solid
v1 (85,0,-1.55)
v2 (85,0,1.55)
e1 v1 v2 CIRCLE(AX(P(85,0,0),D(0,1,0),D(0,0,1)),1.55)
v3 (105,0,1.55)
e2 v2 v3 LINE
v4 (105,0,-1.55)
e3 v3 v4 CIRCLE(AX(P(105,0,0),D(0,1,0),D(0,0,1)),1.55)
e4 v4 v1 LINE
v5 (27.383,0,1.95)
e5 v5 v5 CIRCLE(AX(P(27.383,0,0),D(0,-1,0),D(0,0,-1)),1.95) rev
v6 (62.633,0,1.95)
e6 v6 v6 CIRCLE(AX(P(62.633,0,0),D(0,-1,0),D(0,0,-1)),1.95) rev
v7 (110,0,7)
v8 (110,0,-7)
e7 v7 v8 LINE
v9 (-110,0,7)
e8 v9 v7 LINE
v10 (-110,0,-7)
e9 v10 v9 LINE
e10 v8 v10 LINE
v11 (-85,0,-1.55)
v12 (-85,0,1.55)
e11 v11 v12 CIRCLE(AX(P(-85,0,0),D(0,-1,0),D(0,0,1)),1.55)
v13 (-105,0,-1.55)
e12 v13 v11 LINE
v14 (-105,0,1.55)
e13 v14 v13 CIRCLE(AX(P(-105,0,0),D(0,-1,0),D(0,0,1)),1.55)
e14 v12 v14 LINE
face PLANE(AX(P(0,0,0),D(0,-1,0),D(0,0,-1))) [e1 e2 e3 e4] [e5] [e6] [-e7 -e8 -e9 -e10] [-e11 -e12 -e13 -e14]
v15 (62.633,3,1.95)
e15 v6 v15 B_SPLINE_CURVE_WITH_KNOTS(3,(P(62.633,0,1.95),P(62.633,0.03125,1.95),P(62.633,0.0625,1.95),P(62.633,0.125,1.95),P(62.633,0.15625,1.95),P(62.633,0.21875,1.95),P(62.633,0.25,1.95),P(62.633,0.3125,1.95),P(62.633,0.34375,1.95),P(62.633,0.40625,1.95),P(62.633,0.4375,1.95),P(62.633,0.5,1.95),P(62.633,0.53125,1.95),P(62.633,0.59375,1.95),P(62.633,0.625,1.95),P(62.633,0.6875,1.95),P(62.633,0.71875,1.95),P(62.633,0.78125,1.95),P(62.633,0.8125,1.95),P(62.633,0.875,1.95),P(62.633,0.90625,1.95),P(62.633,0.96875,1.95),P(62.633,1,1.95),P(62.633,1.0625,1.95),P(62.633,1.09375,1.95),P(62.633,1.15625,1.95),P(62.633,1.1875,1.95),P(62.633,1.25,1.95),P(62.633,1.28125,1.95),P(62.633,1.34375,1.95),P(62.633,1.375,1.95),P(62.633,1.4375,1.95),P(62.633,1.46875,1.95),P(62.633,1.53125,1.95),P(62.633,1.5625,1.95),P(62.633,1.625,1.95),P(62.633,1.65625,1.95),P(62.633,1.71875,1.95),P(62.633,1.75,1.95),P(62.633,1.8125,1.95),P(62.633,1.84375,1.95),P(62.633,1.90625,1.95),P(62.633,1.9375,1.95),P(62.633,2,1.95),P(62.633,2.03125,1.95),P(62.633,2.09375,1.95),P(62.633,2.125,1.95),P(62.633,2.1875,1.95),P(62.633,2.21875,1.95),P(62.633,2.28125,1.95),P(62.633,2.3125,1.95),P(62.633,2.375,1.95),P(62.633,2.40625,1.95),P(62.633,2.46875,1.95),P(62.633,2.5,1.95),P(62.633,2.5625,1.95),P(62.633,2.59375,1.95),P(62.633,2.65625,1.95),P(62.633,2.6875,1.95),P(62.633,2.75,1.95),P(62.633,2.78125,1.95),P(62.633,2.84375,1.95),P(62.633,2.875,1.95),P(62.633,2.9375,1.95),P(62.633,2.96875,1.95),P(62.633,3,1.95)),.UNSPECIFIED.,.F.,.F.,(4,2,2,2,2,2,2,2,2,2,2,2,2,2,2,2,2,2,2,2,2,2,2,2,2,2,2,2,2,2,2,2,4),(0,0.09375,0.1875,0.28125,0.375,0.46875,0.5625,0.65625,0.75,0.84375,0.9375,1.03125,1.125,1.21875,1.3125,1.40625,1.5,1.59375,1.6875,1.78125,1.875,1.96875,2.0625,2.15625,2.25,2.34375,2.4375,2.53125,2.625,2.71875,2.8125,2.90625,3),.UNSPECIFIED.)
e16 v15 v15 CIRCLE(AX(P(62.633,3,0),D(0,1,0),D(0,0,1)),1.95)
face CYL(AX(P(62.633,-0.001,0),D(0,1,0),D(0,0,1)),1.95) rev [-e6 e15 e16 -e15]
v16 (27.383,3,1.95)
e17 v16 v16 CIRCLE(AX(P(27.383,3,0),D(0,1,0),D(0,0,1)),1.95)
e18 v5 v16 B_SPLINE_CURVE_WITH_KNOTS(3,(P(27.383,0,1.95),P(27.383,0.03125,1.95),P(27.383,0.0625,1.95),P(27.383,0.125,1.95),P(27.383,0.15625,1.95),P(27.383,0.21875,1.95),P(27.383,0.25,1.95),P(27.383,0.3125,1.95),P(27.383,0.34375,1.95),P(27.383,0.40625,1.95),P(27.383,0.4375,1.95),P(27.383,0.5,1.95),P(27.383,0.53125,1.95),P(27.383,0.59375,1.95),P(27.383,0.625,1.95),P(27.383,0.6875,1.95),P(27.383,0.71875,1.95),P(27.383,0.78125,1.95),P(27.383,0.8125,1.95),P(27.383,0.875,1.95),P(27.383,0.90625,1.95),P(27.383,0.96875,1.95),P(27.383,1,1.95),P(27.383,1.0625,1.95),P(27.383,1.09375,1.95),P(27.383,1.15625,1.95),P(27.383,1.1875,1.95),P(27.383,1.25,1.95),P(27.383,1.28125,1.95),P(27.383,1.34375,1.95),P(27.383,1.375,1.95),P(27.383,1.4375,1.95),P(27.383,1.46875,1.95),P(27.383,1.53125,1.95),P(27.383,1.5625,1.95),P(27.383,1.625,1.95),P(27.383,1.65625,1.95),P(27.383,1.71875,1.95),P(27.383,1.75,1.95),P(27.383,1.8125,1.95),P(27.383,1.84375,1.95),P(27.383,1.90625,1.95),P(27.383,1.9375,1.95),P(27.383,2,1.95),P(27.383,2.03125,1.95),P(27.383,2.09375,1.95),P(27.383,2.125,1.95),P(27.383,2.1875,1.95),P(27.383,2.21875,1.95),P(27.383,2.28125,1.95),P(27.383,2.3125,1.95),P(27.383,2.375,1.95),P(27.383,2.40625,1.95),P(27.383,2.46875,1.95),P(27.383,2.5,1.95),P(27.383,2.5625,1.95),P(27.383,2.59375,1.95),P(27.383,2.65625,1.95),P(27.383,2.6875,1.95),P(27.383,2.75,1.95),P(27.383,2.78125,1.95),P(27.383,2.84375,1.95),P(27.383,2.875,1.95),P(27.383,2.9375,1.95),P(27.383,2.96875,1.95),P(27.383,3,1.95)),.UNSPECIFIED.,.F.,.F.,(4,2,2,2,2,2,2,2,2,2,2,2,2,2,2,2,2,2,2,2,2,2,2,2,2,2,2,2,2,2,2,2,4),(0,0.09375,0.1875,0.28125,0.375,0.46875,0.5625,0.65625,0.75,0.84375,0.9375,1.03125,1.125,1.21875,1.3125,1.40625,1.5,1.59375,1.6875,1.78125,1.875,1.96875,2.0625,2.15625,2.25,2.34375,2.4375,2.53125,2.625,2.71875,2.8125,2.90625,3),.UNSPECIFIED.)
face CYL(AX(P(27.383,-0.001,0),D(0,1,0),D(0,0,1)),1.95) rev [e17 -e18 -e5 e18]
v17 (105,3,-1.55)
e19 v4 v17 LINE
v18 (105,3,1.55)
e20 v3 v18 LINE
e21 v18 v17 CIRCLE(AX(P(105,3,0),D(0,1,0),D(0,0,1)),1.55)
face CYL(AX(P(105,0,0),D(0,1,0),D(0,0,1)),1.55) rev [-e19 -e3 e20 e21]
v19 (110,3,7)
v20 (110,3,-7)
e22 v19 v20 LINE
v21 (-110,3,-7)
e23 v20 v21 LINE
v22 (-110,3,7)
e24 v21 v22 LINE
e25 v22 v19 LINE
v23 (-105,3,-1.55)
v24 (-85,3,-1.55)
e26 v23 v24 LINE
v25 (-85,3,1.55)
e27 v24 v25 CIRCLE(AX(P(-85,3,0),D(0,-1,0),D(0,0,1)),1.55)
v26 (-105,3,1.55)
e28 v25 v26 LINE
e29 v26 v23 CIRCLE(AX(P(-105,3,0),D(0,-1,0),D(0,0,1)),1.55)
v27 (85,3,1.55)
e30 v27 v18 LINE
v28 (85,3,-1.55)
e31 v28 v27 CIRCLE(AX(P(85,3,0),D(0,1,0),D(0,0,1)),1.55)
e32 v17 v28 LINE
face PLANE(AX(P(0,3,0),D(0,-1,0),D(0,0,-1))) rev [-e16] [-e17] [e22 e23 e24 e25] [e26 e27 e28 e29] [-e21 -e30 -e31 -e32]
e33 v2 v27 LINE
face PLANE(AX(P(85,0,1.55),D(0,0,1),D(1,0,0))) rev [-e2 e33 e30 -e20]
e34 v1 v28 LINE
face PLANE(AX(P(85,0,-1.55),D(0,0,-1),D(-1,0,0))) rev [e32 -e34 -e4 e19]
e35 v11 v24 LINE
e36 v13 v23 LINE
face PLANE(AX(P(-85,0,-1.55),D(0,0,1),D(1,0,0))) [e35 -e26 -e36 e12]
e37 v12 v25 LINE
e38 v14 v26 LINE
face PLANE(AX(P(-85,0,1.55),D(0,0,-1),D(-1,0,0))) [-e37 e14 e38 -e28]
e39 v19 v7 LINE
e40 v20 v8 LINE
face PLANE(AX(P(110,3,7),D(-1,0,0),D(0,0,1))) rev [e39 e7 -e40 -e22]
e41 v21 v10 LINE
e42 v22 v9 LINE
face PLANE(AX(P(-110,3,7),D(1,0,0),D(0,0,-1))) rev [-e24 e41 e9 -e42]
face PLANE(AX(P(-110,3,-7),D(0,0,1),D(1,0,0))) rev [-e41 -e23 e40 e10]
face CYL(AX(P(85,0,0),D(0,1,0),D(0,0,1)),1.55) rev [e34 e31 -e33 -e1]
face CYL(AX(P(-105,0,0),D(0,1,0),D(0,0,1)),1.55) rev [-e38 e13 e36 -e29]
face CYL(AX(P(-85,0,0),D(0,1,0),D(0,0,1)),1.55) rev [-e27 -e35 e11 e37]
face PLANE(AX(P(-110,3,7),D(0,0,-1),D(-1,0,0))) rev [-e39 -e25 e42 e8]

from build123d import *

# Parameters (mm, degrees)
SKIZZE1_W                       = 220
SKIZZE1_H                       = 14
AUFSATZ_LINEAR_AUSTRAGEN1_DEPTH = 3
SCHNITT_LINEAR_AUSTRAGEN1_DEPTH = 111.263321191
SCHNITT_LINEAR_AUSTRAGEN2_REACH = 112.263
SKIZZE3_R                       = 1.95


with BuildPart() as part:
    # Skizze1 → Aufsatz-Linear austragen1 (new body)
    with BuildSketch(Plane(origin=(0, 0, 0), x_dir=(1, 0, 0), z_dir=(0, 1, 0))):
        Rectangle(SKIZZE1_W, SKIZZE1_H)
    extrude(amount=AUFSATZ_LINEAR_AUSTRAGEN1_DEPTH)

    # Skizze2 → Schnitt-Linear austragen1 (cut, through all)
    with BuildSketch(Plane(origin=(0, 3, 0), x_dir=(1, 0, 0), z_dir=(0, 1, 0))):
        with BuildLine():
            Line((85, 1.55), (105, 1.55))
            ThreePointArc((105, 1.55), (106.55, 0), (105, -1.55))
            Line((105, -1.55), (85, -1.55))
            ThreePointArc((85, -1.55), (83.45, 0), (85, 1.55))
        make_face()
    schnitt_linear_austragen1 = extrude(amount=-SCHNITT_LINEAR_AUSTRAGEN1_DEPTH, mode=Mode.SUBTRACT)

    # Spiegeln1: Schnitt-Linear austragen1 across plane
    add(schnitt_linear_austragen1.mirror(Plane(origin=(0, 0, 0), x_dir=(0, 0, 1), z_dir=(1, 0, 0))), mode=Mode.SUBTRACT)

    # Skizze3 → Schnitt-Linear austragen2 (cut, up to next)
    with BuildSketch(Plane(origin=(0, 3, 0), x_dir=(1, 0, 0), z_dir=(0, 1, 0)), mode=Mode.PRIVATE) as schnitt_linear_austragen2_sk1:
        with Locations(Location((27.383, 0, 0), (0, 0, 270))):
            Circle(SKIZZE3_R)
    schnitt_linear_austragen2_tool1 = extrude(schnitt_linear_austragen2_sk1.sketch, amount=-SCHNITT_LINEAR_AUSTRAGEN2_REACH, mode=Mode.PRIVATE) & part.part
    # Skizze3 → Schnitt-Linear austragen2 (cut, up to next)
    with BuildSketch(Plane(origin=(0, 3, 0), x_dir=(1, 0, 0), z_dir=(0, 1, 0)), mode=Mode.PRIVATE) as schnitt_linear_austragen2_sk2:
        with Locations(Location((62.633, 0, 0), (0, 0, 270))):
            Circle(SKIZZE3_R)
    schnitt_linear_austragen2_tool2 = extrude(schnitt_linear_austragen2_sk2.sketch, amount=-SCHNITT_LINEAR_AUSTRAGEN2_REACH, mode=Mode.PRIVATE) & part.part
    add(schnitt_linear_austragen2_tool1.solids().sort_by_distance((27.383, 3, 0))[0], mode=Mode.SUBTRACT)
    add(schnitt_linear_austragen2_tool2.solids().sort_by_distance((62.633, 3, 0))[0], mode=Mode.SUBTRACT)


solid = part.part
